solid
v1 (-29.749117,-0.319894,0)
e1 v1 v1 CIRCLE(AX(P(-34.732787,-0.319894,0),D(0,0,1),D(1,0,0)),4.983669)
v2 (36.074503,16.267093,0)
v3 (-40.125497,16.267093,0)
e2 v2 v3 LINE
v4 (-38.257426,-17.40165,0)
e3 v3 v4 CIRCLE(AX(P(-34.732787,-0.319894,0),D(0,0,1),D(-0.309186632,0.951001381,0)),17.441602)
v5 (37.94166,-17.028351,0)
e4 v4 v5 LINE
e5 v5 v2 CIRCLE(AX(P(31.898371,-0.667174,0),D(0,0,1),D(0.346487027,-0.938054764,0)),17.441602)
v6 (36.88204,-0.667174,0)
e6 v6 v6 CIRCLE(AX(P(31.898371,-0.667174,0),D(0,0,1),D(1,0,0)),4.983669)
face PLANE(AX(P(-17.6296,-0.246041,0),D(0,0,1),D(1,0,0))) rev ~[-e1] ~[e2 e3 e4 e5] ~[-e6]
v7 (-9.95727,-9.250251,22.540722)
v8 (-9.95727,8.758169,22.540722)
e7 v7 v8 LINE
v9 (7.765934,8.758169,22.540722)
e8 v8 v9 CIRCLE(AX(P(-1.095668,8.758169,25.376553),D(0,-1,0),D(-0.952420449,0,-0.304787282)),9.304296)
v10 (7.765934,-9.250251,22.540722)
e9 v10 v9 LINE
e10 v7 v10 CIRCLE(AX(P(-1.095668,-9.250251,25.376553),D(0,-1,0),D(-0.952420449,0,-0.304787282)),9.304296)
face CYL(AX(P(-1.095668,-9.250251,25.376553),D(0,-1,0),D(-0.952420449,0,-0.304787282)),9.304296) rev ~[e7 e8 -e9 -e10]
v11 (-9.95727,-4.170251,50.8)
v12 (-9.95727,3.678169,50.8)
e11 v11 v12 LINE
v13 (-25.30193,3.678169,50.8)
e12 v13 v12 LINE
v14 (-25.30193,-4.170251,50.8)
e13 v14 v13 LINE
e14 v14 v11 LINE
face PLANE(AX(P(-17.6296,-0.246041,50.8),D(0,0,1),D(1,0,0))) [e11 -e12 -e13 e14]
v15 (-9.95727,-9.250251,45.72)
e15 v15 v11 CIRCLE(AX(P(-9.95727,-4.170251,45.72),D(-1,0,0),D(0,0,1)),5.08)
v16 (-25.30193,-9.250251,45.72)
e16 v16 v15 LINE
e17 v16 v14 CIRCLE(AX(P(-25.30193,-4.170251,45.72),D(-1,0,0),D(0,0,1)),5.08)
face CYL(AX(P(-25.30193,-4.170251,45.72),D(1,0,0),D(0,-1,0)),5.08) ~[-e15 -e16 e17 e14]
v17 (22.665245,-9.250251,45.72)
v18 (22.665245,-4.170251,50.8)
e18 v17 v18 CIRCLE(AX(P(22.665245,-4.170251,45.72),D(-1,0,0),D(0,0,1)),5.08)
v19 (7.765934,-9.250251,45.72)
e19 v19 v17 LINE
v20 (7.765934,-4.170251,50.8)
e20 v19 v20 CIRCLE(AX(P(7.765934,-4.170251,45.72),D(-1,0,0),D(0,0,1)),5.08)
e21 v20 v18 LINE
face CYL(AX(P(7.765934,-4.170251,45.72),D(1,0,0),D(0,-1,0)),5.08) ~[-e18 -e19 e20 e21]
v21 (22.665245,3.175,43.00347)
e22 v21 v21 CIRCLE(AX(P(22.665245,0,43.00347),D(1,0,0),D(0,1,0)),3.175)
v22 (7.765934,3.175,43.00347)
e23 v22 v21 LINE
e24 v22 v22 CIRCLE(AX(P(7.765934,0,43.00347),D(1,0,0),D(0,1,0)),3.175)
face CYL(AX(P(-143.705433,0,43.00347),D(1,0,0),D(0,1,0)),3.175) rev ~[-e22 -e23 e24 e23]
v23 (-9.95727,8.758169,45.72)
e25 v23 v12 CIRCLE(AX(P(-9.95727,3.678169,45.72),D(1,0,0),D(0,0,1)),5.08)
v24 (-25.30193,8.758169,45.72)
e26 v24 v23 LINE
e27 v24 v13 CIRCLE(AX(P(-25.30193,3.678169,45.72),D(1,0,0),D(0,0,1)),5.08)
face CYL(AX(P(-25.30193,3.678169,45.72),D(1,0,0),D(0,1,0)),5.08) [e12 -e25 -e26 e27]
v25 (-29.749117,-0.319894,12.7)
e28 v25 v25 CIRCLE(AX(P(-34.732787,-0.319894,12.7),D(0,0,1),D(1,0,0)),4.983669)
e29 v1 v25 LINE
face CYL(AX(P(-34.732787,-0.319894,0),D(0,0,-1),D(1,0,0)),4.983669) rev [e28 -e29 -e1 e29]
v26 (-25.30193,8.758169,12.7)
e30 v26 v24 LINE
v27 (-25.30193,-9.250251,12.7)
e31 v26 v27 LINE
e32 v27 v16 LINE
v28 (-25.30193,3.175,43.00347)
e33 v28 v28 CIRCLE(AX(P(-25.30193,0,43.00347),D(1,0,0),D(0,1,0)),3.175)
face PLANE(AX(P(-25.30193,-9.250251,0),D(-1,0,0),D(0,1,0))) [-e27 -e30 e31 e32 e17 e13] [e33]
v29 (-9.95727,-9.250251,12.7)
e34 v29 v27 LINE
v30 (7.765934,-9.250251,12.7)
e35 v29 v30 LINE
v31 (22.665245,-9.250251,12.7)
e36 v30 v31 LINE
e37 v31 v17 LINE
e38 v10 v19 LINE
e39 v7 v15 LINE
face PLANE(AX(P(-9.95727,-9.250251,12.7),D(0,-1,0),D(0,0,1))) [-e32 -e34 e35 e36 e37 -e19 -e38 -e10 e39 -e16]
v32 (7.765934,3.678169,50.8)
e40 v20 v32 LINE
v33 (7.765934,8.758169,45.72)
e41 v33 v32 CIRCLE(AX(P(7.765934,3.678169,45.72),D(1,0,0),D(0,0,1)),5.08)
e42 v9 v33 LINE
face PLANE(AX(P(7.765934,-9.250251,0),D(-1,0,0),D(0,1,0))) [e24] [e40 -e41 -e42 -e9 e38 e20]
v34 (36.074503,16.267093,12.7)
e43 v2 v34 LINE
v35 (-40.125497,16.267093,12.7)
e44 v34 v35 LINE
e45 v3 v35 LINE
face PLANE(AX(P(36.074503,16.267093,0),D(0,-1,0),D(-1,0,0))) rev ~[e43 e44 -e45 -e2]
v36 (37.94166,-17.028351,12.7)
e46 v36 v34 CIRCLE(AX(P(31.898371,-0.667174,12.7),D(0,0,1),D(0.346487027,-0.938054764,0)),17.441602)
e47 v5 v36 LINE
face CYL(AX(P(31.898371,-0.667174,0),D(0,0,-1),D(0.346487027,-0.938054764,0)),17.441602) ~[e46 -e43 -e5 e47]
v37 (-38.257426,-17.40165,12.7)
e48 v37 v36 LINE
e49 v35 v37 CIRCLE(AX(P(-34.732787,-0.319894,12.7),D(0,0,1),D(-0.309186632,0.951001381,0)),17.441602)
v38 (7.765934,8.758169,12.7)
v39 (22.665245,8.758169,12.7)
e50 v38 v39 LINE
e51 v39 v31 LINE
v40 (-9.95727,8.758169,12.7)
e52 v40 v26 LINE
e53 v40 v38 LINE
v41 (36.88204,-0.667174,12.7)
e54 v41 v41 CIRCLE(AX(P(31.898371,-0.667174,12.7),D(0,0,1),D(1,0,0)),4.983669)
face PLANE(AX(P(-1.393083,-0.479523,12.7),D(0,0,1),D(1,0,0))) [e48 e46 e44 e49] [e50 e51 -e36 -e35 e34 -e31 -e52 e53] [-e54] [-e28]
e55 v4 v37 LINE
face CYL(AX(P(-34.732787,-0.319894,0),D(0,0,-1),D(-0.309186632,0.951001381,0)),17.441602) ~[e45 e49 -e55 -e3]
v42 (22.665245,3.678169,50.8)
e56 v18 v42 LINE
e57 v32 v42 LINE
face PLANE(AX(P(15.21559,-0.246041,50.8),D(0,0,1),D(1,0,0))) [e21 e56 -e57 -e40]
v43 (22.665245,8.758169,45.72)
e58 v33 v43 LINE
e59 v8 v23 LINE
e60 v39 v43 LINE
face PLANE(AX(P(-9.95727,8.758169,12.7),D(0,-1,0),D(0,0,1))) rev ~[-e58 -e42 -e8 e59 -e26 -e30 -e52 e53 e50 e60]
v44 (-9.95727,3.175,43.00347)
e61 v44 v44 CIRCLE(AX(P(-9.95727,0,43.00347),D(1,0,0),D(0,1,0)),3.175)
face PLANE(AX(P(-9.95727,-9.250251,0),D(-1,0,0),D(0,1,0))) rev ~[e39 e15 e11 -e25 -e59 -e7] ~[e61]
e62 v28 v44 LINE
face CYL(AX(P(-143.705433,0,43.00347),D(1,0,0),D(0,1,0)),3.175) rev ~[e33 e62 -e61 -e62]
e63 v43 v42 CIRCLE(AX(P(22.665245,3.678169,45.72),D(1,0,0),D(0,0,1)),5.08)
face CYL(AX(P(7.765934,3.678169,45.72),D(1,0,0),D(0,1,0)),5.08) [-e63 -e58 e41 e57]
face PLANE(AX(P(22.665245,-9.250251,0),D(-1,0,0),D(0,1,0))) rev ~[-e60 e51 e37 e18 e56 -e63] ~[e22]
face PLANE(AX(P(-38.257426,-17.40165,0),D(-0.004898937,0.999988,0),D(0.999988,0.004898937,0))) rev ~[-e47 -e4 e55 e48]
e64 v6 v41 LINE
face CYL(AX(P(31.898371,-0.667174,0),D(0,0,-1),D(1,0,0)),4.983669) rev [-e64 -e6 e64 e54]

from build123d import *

# Parameters (mm, degrees)
F0_R     = 4.9836691613
F0_W     = 15.3446597978
F0_H     = 18.0084193125
F0_W_2   = 14.8993115872
F1_DEPTH = 12.7
F2_DEPTH = 50.8
F3_R     = 5.08
F6_D     = 6.35
F5_W     = 18.0084193125
F5_H     = 9.8407220423
F7_DEPTH = 17.78
F9_DEPTH = 25.4


with BuildPart() as f1:
    # F0 (on Top) → F1 (new body)
    with BuildSketch(Plane.XY):
        with BuildLine():
            Line((36.0745033145, 16.2670928985), (-40.1254966855, 16.2670928985))
            ThreePointArc((-40.1254966855, 16.2670928985), (-52.1476034559, -1.2861349798), (-38.2574259843, -17.4016501734))
            Line((-38.2574259843, -17.4016501734), (37.9416596259, -17.0283511457))
            ThreePointArc((37.9416596259, -17.0283511457), (49.3126119569, 0.3093896587), (36.0745033145, 16.2670928985))
        make_face()
        with Locations((31.8983709386, -0.6671736808)):
            Circle(F0_R, mode=Mode.SUBTRACT)
        with Locations((-34.7327866279, -0.3198943033)):
            Circle(F0_R, mode=Mode.SUBTRACT)
        with Locations((-17.6295996644, -0.2460409887)):
            Rectangle(F0_W, F0_H, mode=Mode.SUBTRACT)
        with Locations((15.2155896649, -0.2460409887)):
            Rectangle(F0_W_2, F0_H, mode=Mode.SUBTRACT)
        with Locations((-17.6295996644, -0.2460409887)):
            Rectangle(F0_W, F0_H)
        with Locations((15.2155896649, -0.2460409887)):
            Rectangle(F0_W_2, F0_H)
    extrude(amount=F1_DEPTH)

    # F0 (on Top) → F2 (join)
    with BuildSketch(Plane.XY):
        with Locations((-17.6295996644, -0.2460409887)):
            Rectangle(F0_W, F0_H)
        with Locations((15.2155896649, -0.2460409887)):
            Rectangle(F0_W_2, F0_H)
    extrude(amount=F2_DEPTH)

    # F3
    f3_edges = [f1.edges().sort_by_distance(p)[0] for p in [
        (-17.6296, -9.250251, 50.8),
        (-17.6296, 8.758169, 50.8),
        (15.21559, 8.758169, 50.8),
        (15.21559, -9.250251, 50.8),
    ]]
    fillet(f3_edges, radius=F3_R)

    # F6 (through all)
    with Locations(Plane(origin=(-25.3019295633, 0, 0), x_dir=(0, -1, 0), z_dir=(-1, 0, 0))):
        with Locations((0, 43.0034697056)):
            Hole(F6_D / 2)

    # F5 (on face) → F7 (join)
    with BuildSketch(Plane.YZ.offset(-9.9572697654)):
        with Locations((-0.2460409887, 17.6203610212)):
            Rectangle(F5_W, F5_H)
    extrude(amount=F7_DEPTH)

    # F8 (on face) → F9 (cut)
    with BuildSketch(Plane.XZ.offset(9.250250645)):
        with BuildLine():
            Line((7.7659338713, 22.5407220423), (-9.9572697654, 22.5407220423))
            ThreePointArc((-9.9572697654, 22.5407220423), (-1.0956679471, 16.072257104), (7.7659338713, 22.5407220423))
        make_face()
    extrude(amount=-F9_DEPTH, mode=Mode.SUBTRACT)


solid = f1.part
